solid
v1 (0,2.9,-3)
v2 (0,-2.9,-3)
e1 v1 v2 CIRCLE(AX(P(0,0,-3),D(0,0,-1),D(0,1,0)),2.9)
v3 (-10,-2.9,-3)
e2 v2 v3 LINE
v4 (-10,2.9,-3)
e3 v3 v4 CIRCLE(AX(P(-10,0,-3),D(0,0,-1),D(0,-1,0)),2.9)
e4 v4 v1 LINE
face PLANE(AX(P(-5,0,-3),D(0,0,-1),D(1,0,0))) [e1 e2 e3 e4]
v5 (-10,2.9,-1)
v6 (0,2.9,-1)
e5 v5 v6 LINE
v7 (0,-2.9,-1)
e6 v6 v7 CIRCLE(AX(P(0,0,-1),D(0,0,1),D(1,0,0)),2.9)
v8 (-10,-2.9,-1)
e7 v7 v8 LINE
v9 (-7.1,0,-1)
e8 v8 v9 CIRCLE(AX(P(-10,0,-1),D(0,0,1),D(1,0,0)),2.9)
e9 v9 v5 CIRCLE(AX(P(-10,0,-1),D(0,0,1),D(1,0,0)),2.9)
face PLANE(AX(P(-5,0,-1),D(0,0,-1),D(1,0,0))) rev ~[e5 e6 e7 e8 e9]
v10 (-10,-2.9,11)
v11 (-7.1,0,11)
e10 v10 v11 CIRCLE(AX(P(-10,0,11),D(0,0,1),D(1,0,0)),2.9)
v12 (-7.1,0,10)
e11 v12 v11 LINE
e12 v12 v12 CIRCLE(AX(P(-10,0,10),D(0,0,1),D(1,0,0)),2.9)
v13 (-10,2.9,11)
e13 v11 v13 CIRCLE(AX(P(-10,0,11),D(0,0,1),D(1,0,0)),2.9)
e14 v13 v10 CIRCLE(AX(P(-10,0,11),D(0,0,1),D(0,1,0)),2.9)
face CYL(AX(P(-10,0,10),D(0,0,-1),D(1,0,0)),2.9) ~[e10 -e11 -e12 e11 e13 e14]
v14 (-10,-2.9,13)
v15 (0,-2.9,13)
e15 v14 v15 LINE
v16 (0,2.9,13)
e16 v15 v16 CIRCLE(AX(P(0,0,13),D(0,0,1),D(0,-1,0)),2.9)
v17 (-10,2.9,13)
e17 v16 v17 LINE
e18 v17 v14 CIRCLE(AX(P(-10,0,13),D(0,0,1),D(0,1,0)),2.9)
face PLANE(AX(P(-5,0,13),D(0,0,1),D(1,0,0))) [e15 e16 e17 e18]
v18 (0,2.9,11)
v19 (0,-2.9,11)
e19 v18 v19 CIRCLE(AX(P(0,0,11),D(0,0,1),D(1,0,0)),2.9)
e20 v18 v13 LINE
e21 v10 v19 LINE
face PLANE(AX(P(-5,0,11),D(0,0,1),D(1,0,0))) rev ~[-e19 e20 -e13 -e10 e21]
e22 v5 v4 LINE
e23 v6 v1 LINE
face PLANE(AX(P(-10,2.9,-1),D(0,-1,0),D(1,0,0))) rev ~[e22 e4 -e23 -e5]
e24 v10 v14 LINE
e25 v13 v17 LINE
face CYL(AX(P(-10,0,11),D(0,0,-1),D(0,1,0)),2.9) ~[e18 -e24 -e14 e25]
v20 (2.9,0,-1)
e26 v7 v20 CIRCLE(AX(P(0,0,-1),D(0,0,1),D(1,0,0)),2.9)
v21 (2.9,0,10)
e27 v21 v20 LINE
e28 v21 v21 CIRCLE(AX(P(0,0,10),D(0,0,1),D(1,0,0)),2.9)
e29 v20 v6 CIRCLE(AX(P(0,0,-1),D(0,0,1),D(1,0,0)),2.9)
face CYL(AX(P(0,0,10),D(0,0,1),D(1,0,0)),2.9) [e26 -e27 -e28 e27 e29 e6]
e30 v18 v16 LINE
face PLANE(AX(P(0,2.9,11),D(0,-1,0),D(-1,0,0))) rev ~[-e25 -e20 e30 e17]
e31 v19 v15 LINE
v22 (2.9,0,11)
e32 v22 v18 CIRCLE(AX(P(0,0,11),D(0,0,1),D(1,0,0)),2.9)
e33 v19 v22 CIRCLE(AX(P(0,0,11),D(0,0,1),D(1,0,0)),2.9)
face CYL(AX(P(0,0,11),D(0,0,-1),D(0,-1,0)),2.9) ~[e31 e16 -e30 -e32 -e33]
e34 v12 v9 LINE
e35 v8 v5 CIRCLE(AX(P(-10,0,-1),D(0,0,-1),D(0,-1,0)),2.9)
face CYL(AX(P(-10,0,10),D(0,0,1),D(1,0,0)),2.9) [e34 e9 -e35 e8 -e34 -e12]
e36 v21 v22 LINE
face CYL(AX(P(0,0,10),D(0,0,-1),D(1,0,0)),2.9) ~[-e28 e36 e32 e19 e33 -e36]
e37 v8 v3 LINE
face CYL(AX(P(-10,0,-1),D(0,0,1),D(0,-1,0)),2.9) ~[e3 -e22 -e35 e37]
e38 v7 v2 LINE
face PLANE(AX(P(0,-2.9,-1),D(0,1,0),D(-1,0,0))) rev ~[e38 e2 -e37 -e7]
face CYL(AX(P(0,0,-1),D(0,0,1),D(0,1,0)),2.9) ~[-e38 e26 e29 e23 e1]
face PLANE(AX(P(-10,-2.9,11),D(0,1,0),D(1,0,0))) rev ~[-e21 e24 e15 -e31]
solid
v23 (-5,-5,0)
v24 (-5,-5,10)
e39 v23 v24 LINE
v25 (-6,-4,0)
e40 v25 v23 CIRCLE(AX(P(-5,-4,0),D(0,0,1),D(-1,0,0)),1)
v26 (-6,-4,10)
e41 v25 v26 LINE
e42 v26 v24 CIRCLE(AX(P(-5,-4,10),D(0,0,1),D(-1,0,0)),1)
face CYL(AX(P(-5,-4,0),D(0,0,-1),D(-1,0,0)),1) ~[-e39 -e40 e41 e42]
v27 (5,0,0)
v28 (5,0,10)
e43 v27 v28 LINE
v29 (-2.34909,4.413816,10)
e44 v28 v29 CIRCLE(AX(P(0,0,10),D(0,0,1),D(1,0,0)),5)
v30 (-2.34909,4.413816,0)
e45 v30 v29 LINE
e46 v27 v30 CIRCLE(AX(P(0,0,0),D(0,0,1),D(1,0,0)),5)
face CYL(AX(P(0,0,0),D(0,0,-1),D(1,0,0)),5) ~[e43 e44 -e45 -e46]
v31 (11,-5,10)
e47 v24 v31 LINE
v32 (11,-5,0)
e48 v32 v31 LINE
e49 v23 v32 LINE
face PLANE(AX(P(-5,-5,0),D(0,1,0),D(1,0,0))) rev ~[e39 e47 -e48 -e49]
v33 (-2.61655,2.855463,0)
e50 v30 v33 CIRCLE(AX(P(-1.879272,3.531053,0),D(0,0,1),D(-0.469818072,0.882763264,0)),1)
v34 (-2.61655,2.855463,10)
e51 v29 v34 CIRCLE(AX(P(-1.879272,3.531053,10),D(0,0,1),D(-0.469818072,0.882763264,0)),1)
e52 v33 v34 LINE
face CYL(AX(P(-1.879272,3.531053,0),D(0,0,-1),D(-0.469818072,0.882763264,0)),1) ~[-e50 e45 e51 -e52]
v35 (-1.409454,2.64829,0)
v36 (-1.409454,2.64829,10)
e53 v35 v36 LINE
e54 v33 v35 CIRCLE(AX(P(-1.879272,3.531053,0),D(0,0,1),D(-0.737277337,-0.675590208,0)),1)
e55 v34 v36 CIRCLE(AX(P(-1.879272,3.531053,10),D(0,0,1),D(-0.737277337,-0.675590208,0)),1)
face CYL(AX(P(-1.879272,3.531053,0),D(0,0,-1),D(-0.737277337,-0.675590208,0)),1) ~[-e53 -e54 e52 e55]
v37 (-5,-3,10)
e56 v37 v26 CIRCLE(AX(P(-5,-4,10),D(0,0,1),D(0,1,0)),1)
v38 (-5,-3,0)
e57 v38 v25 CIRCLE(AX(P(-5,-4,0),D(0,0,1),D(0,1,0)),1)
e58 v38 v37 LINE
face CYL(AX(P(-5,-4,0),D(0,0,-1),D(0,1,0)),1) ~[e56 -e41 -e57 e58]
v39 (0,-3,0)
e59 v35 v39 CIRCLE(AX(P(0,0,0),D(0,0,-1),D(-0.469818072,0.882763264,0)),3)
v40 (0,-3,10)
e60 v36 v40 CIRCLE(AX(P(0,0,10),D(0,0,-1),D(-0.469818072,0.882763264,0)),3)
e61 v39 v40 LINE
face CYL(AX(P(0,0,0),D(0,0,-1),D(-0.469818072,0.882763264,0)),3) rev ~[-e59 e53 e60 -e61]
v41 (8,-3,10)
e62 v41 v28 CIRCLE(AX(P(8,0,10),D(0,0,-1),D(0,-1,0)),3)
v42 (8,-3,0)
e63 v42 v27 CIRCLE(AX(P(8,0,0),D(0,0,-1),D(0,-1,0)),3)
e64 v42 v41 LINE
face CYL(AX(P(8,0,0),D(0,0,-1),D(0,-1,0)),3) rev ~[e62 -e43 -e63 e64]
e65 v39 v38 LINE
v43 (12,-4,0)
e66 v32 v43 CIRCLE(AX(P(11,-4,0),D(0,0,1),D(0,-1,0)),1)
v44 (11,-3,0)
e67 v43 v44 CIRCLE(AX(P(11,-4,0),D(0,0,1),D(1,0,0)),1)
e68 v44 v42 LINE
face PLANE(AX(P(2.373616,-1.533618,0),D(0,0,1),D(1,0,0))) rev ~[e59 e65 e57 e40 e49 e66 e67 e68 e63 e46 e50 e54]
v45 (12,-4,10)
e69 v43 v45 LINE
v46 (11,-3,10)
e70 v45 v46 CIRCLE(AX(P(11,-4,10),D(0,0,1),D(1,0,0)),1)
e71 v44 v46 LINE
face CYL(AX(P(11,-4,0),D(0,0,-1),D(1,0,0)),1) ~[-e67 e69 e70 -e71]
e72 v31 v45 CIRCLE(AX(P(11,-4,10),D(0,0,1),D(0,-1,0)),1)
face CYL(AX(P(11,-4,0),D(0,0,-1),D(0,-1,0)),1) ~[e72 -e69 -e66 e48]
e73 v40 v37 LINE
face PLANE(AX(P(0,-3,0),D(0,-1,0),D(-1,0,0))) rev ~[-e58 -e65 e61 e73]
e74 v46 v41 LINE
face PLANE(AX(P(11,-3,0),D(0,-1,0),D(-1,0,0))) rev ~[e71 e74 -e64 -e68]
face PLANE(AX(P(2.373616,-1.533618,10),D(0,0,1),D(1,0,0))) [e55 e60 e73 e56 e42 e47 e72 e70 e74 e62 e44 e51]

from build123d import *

# Parameters (mm, degrees)
F1_DEPTH      = 10
F2_R          = 2.9
F3_DEPTH      = 11
F3_DEPTH_BACK = 1
F5_DEPTH      = 2
F7_DEPTH      = 2


with BuildPart() as f1:
    # F0 (on Top) → F1 (new body)
    with BuildSketch(Plane.XY):
        with BuildLine():
            ThreePointArc((-1.4094542146, 2.648289791), (2.9107446962, 0.7263369146), (0, -3))
            Line((0, -3), (-5, -3))
            ThreePointArc((-5, -3), (-5.7071067812, -3.2928932188), (-6, -4))
            ThreePointArc((-6, -4), (-5.7071067812, -4.7071067812), (-5, -5))
            Line((-5, -5), (0, -5))
            Line((0, -5), (11, -5))
            ThreePointArc((11, -5), (11.7071067812, -4.7071067812), (12, -4))
            ThreePointArc((12, -4), (11.7071067812, -3.2928932188), (11, -3))
            Line((11, -3), (8, -3))
            ThreePointArc((8, -3), (5.8786796564, -2.1213203436), (5, 0))
            ThreePointArc((5, 0), (2.5743492587, 4.2863417846), (-2.3490903577, 4.4138163183))
            ThreePointArc((-2.3490903577, 4.4138163183), (-2.8648615599, 3.7002091465), (-2.616549623, 2.855462847))
            ThreePointArc((-2.616549623, 2.855462847), (-2.0484283781, 2.5454637808), (-1.4094542146, 2.648289791))
        make_face()
    extrude(amount=F1_DEPTH)


with BuildPart() as f3:
    # F2 (on face) → F3 (new body, two sides)
    with BuildSketch(Plane.XY.offset(10)) as f3_sk:
        Circle(F2_R)
    extrude(amount=-F3_DEPTH)
    extrude(f3_sk.sketch, amount=F3_DEPTH_BACK)



with BuildPart() as f3b:
    # F2 (on face) → F3, piece 2 (new body, two sides)
    with BuildSketch(Plane.XY.offset(10)) as f3_2_sk:
        with Locations((-10, 0)):
            Circle(F2_R)
    extrude(amount=-F3_DEPTH)
    extrude(f3_2_sk.sketch, amount=F3_DEPTH_BACK)


with BuildPart() as f3_1:
    add(f3.part)

    add(f3b.part)  # F5 merges F3b
    # F4 (on face) → F5 (join)
    with BuildSketch(Plane(origin=(0, 0, -1), x_dir=(1, 0, 0), z_dir=(0, 0, -1))):
        with BuildLine():
            Line((-10, -2.9), (0, -2.9))
            ThreePointArc((0, -2.9), (2.9, 0), (0, 2.9))
            Line((0, 2.9), (-10, 2.9))
            ThreePointArc((-10, 2.9), (-12.9, 0), (-10, -2.9))
        make_face()
    extrude(amount=F5_DEPTH)

    # F6 (on face) → F7 (join)
    with BuildSketch(Plane.XY.offset(11)):
        with BuildLine():
            Line((-10, -2.9), (0, -2.9))
            ThreePointArc((0, -2.9), (2.9, 0), (0, 2.9))
            Line((0, 2.9), (-10, 2.9))
            ThreePointArc((-10, 2.9), (-12.9, 0), (-10, -2.9))
        make_face()
    extrude(amount=F7_DEPTH)


solid = Compound([f1.part, f3_1.part])
